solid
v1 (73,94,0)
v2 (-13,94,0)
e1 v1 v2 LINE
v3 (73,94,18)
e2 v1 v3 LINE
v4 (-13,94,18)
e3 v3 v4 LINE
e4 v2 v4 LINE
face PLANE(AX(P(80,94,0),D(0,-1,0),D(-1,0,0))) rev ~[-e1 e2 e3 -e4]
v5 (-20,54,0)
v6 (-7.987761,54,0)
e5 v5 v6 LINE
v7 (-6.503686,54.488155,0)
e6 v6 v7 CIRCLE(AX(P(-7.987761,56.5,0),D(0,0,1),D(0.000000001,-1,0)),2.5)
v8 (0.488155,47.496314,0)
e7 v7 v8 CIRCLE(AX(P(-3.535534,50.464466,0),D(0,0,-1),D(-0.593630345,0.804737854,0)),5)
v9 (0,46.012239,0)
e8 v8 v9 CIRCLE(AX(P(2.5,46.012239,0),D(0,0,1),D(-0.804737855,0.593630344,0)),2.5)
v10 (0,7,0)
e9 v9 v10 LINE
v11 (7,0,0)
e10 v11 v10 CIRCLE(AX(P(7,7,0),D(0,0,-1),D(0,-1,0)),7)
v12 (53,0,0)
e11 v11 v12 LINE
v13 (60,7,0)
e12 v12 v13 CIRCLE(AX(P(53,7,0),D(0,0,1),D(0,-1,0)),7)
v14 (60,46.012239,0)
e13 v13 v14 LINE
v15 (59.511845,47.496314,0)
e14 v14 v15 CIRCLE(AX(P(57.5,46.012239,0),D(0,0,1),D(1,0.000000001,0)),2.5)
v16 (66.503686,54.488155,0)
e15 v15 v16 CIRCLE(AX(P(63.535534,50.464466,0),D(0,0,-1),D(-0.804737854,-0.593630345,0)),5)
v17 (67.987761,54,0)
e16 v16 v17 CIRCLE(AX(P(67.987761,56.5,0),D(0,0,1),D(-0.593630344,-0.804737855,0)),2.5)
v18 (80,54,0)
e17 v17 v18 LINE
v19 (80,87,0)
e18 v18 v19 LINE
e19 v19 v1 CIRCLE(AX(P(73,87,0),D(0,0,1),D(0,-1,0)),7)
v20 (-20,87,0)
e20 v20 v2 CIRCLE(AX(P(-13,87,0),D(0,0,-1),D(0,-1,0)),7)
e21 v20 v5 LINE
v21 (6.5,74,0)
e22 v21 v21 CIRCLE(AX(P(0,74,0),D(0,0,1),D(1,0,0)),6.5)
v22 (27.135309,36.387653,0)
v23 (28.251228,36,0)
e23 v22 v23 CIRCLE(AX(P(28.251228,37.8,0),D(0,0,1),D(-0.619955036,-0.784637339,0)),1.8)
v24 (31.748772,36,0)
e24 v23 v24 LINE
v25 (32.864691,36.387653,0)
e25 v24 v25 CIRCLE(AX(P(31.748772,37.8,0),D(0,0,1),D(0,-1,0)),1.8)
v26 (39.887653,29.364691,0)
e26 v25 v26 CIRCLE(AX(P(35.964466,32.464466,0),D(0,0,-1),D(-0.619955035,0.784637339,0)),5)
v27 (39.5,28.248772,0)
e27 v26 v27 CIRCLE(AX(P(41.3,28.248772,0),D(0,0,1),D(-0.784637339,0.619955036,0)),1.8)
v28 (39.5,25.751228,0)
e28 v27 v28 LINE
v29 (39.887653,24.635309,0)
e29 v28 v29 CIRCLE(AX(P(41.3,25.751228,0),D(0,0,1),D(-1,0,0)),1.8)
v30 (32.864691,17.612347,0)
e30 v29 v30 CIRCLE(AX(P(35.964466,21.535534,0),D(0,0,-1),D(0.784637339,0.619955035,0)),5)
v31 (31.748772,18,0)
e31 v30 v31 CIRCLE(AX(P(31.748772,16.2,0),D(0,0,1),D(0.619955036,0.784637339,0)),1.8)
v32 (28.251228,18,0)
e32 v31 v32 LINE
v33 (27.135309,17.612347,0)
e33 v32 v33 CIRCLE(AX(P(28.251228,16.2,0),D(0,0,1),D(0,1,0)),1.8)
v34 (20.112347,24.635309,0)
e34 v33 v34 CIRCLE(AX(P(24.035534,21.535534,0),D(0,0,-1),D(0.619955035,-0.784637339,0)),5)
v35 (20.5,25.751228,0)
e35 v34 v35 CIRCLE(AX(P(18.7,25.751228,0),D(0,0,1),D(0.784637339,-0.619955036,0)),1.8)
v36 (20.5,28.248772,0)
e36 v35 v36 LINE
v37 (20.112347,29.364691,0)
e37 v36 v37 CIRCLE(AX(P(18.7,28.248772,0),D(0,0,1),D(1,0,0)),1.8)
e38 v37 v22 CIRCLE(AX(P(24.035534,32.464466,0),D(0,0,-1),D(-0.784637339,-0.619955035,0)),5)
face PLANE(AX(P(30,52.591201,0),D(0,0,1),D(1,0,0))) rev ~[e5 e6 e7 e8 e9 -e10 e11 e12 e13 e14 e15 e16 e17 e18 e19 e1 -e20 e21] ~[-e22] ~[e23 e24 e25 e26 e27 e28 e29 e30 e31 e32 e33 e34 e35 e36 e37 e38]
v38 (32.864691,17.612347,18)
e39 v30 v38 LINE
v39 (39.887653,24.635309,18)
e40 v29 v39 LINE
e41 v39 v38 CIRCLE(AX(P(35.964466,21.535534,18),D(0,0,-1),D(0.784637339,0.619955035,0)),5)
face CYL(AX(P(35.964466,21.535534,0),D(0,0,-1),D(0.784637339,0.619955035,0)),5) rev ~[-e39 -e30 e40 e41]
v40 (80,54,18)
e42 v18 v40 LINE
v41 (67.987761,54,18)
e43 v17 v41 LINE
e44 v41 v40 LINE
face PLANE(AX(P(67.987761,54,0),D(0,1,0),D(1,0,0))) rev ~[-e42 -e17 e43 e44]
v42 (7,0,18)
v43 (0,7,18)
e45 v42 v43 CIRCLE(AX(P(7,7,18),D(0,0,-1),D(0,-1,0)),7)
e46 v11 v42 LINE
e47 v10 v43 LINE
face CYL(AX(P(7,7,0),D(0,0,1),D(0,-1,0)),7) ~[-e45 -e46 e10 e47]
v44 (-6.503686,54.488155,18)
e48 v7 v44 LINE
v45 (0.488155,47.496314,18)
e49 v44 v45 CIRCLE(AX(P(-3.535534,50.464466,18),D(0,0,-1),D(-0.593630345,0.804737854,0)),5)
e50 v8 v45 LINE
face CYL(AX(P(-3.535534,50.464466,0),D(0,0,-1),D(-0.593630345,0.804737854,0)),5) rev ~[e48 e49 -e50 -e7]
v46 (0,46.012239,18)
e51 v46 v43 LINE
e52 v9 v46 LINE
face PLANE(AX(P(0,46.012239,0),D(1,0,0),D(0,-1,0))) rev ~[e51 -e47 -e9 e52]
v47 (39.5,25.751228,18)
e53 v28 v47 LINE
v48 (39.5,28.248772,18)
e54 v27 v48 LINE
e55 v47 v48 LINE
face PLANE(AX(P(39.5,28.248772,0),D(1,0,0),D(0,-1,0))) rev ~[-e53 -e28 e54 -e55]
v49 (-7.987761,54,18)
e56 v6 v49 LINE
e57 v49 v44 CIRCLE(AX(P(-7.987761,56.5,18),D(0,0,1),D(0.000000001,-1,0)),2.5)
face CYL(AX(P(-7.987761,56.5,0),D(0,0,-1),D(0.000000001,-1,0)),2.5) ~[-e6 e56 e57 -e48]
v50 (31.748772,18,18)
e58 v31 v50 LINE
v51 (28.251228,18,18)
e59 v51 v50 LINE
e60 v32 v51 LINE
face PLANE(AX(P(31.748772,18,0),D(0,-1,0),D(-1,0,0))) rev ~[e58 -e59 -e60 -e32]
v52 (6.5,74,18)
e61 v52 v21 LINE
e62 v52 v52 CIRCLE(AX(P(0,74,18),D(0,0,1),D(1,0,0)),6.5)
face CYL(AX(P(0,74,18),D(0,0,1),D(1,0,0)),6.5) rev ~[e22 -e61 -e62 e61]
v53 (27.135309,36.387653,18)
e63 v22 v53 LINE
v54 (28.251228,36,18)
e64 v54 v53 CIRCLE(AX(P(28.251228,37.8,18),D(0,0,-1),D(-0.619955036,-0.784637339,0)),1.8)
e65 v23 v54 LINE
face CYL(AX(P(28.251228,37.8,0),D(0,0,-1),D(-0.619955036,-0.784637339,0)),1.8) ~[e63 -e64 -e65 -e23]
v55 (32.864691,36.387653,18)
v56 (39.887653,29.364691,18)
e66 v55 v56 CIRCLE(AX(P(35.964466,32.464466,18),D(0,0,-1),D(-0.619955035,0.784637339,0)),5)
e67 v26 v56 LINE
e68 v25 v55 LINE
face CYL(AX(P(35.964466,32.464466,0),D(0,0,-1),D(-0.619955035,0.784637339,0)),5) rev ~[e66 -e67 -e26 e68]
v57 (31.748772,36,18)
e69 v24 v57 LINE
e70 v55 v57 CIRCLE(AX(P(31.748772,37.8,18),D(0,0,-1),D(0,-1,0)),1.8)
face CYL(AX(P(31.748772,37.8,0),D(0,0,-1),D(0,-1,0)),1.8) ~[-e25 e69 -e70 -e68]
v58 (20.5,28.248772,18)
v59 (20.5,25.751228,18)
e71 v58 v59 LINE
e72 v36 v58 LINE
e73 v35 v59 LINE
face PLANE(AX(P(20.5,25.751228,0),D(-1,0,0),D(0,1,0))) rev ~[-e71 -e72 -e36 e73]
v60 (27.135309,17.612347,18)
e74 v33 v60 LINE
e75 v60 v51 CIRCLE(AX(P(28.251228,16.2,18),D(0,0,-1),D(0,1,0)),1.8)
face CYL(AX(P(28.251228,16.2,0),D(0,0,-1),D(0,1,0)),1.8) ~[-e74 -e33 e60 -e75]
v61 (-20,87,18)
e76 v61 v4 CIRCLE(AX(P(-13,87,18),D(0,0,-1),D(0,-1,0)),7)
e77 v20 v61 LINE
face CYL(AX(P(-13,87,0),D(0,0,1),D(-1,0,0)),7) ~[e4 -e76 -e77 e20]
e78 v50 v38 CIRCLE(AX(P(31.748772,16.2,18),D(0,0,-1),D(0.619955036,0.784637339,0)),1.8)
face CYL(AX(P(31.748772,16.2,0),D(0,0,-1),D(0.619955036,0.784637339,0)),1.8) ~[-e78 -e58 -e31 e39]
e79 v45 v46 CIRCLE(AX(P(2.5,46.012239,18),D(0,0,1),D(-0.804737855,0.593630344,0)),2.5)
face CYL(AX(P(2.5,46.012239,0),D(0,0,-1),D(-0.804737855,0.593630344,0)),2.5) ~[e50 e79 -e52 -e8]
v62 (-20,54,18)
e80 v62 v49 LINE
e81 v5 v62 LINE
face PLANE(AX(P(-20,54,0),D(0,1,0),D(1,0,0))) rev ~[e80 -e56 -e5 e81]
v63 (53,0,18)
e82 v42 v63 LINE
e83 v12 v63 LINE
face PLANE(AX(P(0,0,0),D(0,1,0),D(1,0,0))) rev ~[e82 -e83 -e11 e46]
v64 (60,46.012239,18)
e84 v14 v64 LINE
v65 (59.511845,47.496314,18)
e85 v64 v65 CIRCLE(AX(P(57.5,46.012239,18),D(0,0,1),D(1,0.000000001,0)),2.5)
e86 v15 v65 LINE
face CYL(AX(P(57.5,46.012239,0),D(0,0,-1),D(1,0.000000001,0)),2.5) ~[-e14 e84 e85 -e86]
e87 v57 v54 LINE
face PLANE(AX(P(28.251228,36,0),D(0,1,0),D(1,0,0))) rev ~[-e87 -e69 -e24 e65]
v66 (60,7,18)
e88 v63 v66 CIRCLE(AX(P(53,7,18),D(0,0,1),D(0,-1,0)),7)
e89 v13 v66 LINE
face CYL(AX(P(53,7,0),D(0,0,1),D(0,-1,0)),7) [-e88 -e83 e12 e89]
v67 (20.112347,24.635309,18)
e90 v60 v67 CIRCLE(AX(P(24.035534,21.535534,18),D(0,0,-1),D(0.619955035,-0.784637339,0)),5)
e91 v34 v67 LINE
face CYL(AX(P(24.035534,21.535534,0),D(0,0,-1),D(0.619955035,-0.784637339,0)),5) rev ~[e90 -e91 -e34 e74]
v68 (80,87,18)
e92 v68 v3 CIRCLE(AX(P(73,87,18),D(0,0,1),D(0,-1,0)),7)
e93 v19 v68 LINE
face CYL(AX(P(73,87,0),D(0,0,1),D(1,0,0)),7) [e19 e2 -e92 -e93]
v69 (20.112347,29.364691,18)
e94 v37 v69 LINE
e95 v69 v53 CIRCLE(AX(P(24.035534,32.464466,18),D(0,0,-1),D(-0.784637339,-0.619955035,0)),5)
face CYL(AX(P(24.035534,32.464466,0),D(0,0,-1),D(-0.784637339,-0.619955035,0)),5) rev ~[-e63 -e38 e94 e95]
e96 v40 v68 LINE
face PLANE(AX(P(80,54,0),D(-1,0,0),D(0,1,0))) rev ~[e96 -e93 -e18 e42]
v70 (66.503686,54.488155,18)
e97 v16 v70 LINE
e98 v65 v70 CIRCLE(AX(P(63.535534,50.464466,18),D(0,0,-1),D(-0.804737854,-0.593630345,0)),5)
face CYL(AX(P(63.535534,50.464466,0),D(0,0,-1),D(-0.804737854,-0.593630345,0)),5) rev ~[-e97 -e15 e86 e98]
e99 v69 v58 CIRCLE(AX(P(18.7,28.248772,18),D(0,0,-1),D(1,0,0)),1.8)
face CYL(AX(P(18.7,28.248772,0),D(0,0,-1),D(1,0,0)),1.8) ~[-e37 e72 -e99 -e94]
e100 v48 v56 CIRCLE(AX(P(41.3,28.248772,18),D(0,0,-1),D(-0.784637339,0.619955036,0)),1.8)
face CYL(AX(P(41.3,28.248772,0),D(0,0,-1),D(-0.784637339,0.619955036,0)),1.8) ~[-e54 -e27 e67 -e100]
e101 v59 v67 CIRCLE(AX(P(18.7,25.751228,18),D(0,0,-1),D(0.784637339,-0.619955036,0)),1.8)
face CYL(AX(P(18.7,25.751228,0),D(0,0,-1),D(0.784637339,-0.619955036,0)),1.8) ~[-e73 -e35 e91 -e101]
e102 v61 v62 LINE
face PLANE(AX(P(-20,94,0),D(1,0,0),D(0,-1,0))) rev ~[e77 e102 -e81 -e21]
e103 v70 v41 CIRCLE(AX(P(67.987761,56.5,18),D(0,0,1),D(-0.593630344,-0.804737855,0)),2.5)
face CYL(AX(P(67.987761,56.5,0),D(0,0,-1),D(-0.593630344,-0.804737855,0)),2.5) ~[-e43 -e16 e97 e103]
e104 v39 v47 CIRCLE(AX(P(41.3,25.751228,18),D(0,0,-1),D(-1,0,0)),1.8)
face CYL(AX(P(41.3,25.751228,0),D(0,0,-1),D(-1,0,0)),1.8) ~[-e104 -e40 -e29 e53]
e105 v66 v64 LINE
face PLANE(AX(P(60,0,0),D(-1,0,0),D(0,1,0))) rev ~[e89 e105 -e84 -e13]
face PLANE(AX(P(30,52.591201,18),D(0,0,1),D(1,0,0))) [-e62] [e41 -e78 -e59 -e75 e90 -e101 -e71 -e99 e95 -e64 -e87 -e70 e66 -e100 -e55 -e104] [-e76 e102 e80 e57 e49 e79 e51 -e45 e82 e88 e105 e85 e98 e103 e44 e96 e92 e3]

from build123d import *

# Parameters (mm, degrees)
BOSS_EXTRU_2_DEPTH      = 18
ENL_V_MAT_EXTRU_1_DEPTH = 19
CONG_1_R                = 7
ESQUISSE3_R             = 6.5
ENL_V_MAT_EXTRU_2_DEPTH = 19


with BuildPart() as part:
    # Esquisse2 → Boss.-Extru.2 (new body)
    with BuildSketch(Plane.XY):
        with BuildLine():
            Line((0, 0), (60, 0))
            Line((60, 0), (60, 46.012238509))
            ThreePointArc((60, 46.012238509), (59.874827529, 46.793387794), (59.511844635, 47.496314371))
            ThreePointArc((59.511844635, 47.496314371), (60, 54), (66.503685629, 54.488155365))
            ThreePointArc((66.503685629, 54.488155365), (67.206612206, 54.125172471), (67.987761491, 54))
            Line((67.987761491, 54), (80, 54))
            Line((80, 54), (80, 94))
            Line((80, 94), (-20, 94))
            Line((-20, 94), (-20, 54))
            Line((-20, 54), (-7.987761491, 54))
            ThreePointArc((-7.987761491, 54), (-7.206612206, 54.125172471), (-6.503685629, 54.488155365))
            ThreePointArc((-6.503685629, 54.488155365), (0, 54), (0.488155365, 47.496314371))
            ThreePointArc((0.488155365, 47.496314371), (0.125172471, 46.793387794), (0, 46.012238509))
            Line((0, 46.012238509), (0, 0))
        make_face()
    extrude(amount=BOSS_EXTRU_2_DEPTH)

    # Esquisse1 → Enlèv. mat.-Extru.1 (cut, through all)
    with BuildSketch(Plane.XY):
        with BuildLine():
            Line((39.5, 28.248771852), (39.5, 25.751228148))
            ThreePointArc((39.5, 25.751228148), (39.599672829, 25.160561143), (39.88765279, 24.635309084))
            ThreePointArc((39.88765279, 24.635309084), (39.5, 18), (32.864690916, 17.61234721))
            ThreePointArc((32.864690916, 17.61234721), (32.339438857, 17.900327171), (31.748771852, 18))
            Line((31.748771852, 18), (28.251228148, 18))
            ThreePointArc((28.251228148, 18), (27.660561143, 17.900327171), (27.135309084, 17.61234721))
            ThreePointArc((27.135309084, 17.61234721), (20.5, 18), (20.11234721, 24.635309084))
            ThreePointArc((20.11234721, 24.635309084), (20.400327171, 25.160561143), (20.5, 25.751228148))
            Line((20.5, 25.751228148), (20.5, 28.248771852))
            ThreePointArc((20.5, 28.248771852), (20.400327171, 28.839438857), (20.11234721, 29.364690916))
            ThreePointArc((20.11234721, 29.364690916), (20.5, 36), (27.135309084, 36.38765279))
            ThreePointArc((27.135309084, 36.38765279), (27.660561143, 36.099672829), (28.251228148, 36))
            Line((28.251228148, 36), (31.748771852, 36))
            ThreePointArc((31.748771852, 36), (32.339438857, 36.099672829), (32.864690916, 36.38765279))
            ThreePointArc((32.864690916, 36.38765279), (39.5, 36), (39.88765279, 29.364690916))
            ThreePointArc((39.88765279, 29.364690916), (39.599672829, 28.839438857), (39.5, 28.248771852))
        make_face()
    extrude(amount=ENL_V_MAT_EXTRU_1_DEPTH, mode=Mode.SUBTRACT)

    # Congé1
    cong_1_edges = [part.edges().sort_by_distance(p)[0] for p in [
        (-20, 94, 9),
        (80, 94, 9),
        (60, 0, 9),
        (0, 0, 9),
    ]]
    fillet(cong_1_edges, radius=CONG_1_R)

    # Esquisse3 → Enlèv. mat.-Extru.2 (cut, through all)
    with BuildSketch(Plane.XY.offset(18)):
        with Locations((0, 74)):
            Circle(ESQUISSE3_R)
    extrude(amount=-ENL_V_MAT_EXTRU_2_DEPTH, mode=Mode.SUBTRACT)


solid = part.part
